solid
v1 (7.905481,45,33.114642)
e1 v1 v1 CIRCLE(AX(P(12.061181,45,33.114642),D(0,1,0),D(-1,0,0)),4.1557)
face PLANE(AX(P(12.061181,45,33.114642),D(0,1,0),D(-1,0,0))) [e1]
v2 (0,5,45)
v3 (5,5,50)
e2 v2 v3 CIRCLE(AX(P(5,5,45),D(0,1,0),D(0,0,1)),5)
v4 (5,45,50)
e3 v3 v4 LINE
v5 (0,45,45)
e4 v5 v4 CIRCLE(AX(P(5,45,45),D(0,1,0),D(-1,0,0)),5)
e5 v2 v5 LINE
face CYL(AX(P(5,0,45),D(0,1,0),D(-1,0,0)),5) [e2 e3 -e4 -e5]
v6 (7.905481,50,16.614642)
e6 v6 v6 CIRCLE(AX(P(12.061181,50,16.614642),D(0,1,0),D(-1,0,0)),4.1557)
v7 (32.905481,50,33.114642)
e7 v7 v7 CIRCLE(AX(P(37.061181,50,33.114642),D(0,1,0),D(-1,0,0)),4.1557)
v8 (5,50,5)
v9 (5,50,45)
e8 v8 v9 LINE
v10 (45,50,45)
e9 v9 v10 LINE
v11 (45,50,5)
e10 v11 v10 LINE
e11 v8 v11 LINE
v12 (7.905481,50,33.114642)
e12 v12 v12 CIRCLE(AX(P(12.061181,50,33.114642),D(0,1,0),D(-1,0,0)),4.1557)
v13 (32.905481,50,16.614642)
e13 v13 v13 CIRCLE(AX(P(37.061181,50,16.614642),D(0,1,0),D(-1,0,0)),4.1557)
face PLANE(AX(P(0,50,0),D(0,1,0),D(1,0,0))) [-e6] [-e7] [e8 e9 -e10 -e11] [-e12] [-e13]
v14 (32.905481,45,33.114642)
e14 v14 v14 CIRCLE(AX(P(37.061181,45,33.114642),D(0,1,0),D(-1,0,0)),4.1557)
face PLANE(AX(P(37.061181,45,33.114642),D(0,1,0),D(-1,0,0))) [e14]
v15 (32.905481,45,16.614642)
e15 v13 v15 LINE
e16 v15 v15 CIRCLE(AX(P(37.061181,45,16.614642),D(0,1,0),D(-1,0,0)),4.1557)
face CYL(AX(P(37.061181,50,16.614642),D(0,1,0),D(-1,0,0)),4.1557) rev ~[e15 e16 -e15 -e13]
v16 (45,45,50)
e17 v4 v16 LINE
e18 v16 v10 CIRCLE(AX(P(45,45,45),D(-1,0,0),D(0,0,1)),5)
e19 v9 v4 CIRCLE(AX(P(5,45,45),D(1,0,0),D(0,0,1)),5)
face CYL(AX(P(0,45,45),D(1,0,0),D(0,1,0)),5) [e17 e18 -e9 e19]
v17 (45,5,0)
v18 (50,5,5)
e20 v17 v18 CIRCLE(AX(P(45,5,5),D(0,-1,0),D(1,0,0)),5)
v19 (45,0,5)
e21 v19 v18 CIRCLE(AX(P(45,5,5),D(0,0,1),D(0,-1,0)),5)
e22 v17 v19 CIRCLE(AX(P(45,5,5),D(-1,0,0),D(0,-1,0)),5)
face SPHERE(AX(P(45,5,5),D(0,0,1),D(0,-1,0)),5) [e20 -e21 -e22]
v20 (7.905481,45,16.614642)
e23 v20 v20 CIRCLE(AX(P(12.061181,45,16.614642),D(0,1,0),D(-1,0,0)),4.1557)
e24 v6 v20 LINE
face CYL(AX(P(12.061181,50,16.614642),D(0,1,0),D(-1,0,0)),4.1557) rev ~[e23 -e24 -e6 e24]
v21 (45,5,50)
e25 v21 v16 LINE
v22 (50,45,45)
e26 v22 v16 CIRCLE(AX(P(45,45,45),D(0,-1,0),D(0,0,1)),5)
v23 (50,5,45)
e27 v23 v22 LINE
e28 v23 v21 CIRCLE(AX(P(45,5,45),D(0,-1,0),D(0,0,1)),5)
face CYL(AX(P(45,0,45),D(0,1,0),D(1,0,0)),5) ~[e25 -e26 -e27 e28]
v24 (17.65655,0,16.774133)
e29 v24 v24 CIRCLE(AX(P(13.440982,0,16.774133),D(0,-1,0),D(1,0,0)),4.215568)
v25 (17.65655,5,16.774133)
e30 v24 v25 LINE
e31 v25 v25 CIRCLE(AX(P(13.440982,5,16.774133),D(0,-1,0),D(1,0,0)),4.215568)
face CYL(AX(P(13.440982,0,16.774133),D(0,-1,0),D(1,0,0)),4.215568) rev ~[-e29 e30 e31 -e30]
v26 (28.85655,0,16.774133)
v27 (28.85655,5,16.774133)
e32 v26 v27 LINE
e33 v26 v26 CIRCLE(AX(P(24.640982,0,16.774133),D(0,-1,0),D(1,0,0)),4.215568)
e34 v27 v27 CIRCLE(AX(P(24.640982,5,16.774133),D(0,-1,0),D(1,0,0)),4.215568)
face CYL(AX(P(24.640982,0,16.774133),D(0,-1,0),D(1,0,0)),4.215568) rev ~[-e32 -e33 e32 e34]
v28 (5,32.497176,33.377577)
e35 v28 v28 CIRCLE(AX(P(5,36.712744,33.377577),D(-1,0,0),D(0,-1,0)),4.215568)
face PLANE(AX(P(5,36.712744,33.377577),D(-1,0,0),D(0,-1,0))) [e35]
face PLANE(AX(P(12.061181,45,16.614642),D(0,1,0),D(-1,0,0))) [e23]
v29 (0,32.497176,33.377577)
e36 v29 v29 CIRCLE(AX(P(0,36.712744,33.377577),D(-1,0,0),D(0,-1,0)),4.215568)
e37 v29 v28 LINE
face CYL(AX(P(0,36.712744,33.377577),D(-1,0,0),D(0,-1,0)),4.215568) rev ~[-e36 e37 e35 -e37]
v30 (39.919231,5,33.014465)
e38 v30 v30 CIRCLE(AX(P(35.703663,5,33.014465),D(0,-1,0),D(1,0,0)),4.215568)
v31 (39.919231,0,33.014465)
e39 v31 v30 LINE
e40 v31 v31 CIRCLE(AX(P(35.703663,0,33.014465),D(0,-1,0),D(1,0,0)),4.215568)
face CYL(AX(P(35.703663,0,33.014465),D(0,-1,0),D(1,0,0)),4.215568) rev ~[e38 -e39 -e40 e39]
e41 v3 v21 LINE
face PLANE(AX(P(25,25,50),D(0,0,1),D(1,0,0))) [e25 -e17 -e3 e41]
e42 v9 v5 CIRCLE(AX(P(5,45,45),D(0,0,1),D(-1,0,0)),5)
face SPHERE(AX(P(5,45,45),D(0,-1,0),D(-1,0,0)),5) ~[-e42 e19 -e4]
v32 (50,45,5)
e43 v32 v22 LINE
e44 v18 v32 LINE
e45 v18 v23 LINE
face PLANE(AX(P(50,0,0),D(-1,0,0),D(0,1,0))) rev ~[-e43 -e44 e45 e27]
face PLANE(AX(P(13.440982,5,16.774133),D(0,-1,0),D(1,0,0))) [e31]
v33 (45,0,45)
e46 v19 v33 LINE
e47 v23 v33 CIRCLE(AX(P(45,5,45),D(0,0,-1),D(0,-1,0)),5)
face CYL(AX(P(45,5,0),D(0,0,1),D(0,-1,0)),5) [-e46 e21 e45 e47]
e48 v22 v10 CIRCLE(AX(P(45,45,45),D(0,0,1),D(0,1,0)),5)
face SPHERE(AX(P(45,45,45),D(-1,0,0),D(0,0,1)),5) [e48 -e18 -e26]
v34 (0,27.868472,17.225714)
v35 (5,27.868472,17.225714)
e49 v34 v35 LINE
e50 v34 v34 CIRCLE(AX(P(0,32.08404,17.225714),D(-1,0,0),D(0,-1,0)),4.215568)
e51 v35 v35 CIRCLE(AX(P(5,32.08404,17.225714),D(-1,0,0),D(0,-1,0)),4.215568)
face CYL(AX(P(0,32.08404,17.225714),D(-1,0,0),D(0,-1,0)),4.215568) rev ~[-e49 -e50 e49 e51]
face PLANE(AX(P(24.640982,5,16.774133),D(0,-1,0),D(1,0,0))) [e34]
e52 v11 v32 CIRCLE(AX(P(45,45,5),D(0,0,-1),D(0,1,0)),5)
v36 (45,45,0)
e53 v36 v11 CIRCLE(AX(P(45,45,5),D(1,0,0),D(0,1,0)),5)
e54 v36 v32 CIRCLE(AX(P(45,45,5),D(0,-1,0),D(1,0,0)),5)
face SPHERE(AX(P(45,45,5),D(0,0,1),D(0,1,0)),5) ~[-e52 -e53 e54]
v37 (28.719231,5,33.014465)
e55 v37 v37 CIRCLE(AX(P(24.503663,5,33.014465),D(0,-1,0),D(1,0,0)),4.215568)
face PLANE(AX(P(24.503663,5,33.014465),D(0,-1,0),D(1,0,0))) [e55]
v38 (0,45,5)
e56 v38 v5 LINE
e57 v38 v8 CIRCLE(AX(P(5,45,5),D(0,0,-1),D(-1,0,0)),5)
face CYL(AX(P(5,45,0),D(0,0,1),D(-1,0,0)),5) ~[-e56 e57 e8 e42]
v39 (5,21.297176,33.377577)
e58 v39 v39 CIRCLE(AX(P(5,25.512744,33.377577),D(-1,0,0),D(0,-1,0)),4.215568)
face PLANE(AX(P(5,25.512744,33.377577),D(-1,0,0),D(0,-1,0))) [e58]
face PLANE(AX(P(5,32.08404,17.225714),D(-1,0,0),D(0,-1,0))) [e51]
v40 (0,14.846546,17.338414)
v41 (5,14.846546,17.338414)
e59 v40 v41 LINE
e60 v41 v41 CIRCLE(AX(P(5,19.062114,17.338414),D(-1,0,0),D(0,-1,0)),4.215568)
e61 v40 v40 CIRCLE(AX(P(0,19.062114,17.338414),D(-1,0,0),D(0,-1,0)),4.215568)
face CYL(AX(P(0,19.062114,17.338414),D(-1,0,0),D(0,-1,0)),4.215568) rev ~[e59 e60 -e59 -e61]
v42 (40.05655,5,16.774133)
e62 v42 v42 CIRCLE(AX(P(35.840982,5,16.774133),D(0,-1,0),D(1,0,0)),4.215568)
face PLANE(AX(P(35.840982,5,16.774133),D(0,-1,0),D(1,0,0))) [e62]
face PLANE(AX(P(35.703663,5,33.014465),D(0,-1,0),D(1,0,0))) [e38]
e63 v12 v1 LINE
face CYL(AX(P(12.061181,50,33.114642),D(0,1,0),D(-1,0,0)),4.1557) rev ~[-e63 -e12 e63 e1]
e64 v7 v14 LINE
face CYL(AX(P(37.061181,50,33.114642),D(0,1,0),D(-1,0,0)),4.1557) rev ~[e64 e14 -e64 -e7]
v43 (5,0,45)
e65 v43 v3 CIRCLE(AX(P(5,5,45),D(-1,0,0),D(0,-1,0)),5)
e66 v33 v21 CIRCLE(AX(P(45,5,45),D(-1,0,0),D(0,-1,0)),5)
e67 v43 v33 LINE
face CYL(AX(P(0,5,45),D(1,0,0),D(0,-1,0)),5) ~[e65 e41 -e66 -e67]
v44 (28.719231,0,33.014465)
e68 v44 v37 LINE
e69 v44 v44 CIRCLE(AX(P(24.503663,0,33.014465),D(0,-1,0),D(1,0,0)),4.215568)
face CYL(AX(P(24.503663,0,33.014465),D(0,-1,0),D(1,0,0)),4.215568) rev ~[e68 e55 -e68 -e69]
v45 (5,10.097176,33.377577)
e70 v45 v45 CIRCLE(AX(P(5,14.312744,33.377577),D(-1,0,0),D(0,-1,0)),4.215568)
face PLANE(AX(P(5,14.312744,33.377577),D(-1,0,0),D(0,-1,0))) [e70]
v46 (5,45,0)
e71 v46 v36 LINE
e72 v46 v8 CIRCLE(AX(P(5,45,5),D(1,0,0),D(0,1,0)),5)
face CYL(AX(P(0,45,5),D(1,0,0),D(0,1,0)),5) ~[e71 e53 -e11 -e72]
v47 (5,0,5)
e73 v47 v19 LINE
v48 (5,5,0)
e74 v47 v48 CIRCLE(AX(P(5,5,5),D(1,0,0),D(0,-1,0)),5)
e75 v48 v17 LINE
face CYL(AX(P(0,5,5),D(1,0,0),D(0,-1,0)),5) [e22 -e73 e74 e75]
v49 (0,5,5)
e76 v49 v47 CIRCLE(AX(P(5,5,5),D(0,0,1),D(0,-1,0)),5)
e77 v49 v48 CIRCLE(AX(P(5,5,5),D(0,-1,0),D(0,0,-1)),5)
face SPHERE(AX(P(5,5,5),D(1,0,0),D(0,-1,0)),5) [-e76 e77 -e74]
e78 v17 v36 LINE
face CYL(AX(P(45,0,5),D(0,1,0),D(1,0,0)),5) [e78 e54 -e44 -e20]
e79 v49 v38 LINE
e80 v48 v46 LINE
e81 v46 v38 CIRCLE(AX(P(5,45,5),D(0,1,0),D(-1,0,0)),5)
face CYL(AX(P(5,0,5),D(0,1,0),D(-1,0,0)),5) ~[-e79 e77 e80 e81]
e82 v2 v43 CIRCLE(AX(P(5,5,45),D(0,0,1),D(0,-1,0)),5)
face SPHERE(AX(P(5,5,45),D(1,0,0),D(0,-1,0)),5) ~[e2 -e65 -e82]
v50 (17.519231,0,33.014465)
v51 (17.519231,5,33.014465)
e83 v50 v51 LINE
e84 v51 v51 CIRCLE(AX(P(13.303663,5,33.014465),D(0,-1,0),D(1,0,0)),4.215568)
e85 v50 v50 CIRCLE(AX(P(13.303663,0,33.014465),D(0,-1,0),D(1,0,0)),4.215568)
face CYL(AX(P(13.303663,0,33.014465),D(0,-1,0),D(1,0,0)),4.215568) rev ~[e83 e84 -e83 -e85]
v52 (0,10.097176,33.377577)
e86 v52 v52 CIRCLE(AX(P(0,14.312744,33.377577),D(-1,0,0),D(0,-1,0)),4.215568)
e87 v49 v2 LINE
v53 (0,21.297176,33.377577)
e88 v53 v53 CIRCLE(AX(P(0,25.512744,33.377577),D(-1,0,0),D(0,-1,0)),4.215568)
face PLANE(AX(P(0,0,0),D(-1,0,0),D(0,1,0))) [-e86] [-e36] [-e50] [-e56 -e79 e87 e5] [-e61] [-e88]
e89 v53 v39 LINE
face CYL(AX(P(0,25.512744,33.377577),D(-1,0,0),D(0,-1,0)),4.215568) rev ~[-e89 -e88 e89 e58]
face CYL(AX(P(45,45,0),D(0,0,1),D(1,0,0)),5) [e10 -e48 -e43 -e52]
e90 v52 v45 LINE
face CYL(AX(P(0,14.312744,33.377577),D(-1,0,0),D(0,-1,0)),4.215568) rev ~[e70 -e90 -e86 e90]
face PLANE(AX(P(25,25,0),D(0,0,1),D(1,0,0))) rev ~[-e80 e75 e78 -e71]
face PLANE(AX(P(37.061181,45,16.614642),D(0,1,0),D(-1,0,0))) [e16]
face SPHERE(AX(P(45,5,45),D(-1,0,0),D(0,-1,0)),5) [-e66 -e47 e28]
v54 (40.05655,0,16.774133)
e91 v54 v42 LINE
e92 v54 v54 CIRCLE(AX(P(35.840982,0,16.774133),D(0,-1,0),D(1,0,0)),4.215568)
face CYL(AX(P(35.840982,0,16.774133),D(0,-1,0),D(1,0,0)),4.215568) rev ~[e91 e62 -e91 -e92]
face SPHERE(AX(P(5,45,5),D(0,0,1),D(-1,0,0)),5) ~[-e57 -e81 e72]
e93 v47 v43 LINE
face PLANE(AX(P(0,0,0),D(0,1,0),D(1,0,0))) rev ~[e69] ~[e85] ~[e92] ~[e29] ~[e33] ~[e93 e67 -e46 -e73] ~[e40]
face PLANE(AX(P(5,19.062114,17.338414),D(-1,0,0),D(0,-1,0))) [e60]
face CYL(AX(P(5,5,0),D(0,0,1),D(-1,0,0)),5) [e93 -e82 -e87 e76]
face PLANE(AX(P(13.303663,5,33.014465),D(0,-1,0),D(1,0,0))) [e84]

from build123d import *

# Parameters (mm, degrees)
F0_W     = 50
F0_H     = 50
F1_DEPTH = 50
F2_R     = 5
F3_R     = 4.215568
F4_DEPTH = 5
F5_R     = 4.215568
F6_DEPTH = 5
F7_R     = 4.1557
F8_DEPTH = 5


with BuildPart() as f1:
    # F0 (on Top) → F1 (new body)
    with BuildSketch(Plane.XY):
        with Locations((25, 25)):
            Rectangle(F0_W, F0_H)
    extrude(amount=F1_DEPTH)

    # F2
    f2_edges = [f1.edges().sort_by_distance(p)[0] for p in [
        (25, 0, 50),
        (50, 0, 25),
        (25, 0, 0),
        (0, 0, 25),
        (0, 25, 50),
        (0, 50, 25),
        (0, 25, 0),
        (25, 50, 50),
        (50, 25, 50),
        (50, 50, 25),
        (25, 50, 0),
        (50, 25, 0),
    ]]
    fillet(f2_edges, radius=F2_R)

    # F3 (on face) → F4 (cut)
    with BuildSketch(Plane.XZ):
        with Locations((13.303663, 33.014465)):
            Circle(F3_R)
        with Locations((24.503663, 33.014465)):
            Circle(F3_R)
        with Locations((35.703663, 33.014465)):
            Circle(F3_R)
        with Locations((13.440982, 16.774133)):
            Circle(F3_R)
        with Locations((24.640982, 16.774133)):
            Circle(F3_R)
        with Locations((35.840982, 16.774133)):
            Circle(F3_R)
    extrude(amount=-F4_DEPTH, mode=Mode.SUBTRACT)

    # F5 (on face) → F6 (cut)
    with BuildSketch(Plane(origin=(0, 0, 0), x_dir=(0, -1, 0), z_dir=(-1, 0, 0))):
        with Locations((-36.712744, 33.377577)):
            Circle(F5_R)
        with Locations((-25.512744, 33.377577)):
            Circle(F5_R)
        with Locations((-14.312744, 33.377577)):
            Circle(F5_R)
        with Locations((-32.08404, 17.225714)):
            Circle(F5_R)
        with Locations((-19.062114, 17.338414)):
            Circle(F5_R)
    extrude(amount=-F6_DEPTH, mode=Mode.SUBTRACT)

    # F7 (on face) → F8 (cut)
    with BuildSketch(Plane(origin=(0, 50, 0), x_dir=(-1, 0, 0), z_dir=(0, 1, 0))):
        with Locations((-12.061181, 16.614642)):
            Circle(F7_R)
        with Locations((-37.061181, 16.614642)):
            Circle(F7_R)
        with Locations((-12.061181, 33.114642)):
            Circle(F7_R)
        with Locations((-37.061181, 33.114642)):
            Circle(F7_R)
    extrude(amount=-F8_DEPTH, mode=Mode.SUBTRACT)


solid = f1.part
